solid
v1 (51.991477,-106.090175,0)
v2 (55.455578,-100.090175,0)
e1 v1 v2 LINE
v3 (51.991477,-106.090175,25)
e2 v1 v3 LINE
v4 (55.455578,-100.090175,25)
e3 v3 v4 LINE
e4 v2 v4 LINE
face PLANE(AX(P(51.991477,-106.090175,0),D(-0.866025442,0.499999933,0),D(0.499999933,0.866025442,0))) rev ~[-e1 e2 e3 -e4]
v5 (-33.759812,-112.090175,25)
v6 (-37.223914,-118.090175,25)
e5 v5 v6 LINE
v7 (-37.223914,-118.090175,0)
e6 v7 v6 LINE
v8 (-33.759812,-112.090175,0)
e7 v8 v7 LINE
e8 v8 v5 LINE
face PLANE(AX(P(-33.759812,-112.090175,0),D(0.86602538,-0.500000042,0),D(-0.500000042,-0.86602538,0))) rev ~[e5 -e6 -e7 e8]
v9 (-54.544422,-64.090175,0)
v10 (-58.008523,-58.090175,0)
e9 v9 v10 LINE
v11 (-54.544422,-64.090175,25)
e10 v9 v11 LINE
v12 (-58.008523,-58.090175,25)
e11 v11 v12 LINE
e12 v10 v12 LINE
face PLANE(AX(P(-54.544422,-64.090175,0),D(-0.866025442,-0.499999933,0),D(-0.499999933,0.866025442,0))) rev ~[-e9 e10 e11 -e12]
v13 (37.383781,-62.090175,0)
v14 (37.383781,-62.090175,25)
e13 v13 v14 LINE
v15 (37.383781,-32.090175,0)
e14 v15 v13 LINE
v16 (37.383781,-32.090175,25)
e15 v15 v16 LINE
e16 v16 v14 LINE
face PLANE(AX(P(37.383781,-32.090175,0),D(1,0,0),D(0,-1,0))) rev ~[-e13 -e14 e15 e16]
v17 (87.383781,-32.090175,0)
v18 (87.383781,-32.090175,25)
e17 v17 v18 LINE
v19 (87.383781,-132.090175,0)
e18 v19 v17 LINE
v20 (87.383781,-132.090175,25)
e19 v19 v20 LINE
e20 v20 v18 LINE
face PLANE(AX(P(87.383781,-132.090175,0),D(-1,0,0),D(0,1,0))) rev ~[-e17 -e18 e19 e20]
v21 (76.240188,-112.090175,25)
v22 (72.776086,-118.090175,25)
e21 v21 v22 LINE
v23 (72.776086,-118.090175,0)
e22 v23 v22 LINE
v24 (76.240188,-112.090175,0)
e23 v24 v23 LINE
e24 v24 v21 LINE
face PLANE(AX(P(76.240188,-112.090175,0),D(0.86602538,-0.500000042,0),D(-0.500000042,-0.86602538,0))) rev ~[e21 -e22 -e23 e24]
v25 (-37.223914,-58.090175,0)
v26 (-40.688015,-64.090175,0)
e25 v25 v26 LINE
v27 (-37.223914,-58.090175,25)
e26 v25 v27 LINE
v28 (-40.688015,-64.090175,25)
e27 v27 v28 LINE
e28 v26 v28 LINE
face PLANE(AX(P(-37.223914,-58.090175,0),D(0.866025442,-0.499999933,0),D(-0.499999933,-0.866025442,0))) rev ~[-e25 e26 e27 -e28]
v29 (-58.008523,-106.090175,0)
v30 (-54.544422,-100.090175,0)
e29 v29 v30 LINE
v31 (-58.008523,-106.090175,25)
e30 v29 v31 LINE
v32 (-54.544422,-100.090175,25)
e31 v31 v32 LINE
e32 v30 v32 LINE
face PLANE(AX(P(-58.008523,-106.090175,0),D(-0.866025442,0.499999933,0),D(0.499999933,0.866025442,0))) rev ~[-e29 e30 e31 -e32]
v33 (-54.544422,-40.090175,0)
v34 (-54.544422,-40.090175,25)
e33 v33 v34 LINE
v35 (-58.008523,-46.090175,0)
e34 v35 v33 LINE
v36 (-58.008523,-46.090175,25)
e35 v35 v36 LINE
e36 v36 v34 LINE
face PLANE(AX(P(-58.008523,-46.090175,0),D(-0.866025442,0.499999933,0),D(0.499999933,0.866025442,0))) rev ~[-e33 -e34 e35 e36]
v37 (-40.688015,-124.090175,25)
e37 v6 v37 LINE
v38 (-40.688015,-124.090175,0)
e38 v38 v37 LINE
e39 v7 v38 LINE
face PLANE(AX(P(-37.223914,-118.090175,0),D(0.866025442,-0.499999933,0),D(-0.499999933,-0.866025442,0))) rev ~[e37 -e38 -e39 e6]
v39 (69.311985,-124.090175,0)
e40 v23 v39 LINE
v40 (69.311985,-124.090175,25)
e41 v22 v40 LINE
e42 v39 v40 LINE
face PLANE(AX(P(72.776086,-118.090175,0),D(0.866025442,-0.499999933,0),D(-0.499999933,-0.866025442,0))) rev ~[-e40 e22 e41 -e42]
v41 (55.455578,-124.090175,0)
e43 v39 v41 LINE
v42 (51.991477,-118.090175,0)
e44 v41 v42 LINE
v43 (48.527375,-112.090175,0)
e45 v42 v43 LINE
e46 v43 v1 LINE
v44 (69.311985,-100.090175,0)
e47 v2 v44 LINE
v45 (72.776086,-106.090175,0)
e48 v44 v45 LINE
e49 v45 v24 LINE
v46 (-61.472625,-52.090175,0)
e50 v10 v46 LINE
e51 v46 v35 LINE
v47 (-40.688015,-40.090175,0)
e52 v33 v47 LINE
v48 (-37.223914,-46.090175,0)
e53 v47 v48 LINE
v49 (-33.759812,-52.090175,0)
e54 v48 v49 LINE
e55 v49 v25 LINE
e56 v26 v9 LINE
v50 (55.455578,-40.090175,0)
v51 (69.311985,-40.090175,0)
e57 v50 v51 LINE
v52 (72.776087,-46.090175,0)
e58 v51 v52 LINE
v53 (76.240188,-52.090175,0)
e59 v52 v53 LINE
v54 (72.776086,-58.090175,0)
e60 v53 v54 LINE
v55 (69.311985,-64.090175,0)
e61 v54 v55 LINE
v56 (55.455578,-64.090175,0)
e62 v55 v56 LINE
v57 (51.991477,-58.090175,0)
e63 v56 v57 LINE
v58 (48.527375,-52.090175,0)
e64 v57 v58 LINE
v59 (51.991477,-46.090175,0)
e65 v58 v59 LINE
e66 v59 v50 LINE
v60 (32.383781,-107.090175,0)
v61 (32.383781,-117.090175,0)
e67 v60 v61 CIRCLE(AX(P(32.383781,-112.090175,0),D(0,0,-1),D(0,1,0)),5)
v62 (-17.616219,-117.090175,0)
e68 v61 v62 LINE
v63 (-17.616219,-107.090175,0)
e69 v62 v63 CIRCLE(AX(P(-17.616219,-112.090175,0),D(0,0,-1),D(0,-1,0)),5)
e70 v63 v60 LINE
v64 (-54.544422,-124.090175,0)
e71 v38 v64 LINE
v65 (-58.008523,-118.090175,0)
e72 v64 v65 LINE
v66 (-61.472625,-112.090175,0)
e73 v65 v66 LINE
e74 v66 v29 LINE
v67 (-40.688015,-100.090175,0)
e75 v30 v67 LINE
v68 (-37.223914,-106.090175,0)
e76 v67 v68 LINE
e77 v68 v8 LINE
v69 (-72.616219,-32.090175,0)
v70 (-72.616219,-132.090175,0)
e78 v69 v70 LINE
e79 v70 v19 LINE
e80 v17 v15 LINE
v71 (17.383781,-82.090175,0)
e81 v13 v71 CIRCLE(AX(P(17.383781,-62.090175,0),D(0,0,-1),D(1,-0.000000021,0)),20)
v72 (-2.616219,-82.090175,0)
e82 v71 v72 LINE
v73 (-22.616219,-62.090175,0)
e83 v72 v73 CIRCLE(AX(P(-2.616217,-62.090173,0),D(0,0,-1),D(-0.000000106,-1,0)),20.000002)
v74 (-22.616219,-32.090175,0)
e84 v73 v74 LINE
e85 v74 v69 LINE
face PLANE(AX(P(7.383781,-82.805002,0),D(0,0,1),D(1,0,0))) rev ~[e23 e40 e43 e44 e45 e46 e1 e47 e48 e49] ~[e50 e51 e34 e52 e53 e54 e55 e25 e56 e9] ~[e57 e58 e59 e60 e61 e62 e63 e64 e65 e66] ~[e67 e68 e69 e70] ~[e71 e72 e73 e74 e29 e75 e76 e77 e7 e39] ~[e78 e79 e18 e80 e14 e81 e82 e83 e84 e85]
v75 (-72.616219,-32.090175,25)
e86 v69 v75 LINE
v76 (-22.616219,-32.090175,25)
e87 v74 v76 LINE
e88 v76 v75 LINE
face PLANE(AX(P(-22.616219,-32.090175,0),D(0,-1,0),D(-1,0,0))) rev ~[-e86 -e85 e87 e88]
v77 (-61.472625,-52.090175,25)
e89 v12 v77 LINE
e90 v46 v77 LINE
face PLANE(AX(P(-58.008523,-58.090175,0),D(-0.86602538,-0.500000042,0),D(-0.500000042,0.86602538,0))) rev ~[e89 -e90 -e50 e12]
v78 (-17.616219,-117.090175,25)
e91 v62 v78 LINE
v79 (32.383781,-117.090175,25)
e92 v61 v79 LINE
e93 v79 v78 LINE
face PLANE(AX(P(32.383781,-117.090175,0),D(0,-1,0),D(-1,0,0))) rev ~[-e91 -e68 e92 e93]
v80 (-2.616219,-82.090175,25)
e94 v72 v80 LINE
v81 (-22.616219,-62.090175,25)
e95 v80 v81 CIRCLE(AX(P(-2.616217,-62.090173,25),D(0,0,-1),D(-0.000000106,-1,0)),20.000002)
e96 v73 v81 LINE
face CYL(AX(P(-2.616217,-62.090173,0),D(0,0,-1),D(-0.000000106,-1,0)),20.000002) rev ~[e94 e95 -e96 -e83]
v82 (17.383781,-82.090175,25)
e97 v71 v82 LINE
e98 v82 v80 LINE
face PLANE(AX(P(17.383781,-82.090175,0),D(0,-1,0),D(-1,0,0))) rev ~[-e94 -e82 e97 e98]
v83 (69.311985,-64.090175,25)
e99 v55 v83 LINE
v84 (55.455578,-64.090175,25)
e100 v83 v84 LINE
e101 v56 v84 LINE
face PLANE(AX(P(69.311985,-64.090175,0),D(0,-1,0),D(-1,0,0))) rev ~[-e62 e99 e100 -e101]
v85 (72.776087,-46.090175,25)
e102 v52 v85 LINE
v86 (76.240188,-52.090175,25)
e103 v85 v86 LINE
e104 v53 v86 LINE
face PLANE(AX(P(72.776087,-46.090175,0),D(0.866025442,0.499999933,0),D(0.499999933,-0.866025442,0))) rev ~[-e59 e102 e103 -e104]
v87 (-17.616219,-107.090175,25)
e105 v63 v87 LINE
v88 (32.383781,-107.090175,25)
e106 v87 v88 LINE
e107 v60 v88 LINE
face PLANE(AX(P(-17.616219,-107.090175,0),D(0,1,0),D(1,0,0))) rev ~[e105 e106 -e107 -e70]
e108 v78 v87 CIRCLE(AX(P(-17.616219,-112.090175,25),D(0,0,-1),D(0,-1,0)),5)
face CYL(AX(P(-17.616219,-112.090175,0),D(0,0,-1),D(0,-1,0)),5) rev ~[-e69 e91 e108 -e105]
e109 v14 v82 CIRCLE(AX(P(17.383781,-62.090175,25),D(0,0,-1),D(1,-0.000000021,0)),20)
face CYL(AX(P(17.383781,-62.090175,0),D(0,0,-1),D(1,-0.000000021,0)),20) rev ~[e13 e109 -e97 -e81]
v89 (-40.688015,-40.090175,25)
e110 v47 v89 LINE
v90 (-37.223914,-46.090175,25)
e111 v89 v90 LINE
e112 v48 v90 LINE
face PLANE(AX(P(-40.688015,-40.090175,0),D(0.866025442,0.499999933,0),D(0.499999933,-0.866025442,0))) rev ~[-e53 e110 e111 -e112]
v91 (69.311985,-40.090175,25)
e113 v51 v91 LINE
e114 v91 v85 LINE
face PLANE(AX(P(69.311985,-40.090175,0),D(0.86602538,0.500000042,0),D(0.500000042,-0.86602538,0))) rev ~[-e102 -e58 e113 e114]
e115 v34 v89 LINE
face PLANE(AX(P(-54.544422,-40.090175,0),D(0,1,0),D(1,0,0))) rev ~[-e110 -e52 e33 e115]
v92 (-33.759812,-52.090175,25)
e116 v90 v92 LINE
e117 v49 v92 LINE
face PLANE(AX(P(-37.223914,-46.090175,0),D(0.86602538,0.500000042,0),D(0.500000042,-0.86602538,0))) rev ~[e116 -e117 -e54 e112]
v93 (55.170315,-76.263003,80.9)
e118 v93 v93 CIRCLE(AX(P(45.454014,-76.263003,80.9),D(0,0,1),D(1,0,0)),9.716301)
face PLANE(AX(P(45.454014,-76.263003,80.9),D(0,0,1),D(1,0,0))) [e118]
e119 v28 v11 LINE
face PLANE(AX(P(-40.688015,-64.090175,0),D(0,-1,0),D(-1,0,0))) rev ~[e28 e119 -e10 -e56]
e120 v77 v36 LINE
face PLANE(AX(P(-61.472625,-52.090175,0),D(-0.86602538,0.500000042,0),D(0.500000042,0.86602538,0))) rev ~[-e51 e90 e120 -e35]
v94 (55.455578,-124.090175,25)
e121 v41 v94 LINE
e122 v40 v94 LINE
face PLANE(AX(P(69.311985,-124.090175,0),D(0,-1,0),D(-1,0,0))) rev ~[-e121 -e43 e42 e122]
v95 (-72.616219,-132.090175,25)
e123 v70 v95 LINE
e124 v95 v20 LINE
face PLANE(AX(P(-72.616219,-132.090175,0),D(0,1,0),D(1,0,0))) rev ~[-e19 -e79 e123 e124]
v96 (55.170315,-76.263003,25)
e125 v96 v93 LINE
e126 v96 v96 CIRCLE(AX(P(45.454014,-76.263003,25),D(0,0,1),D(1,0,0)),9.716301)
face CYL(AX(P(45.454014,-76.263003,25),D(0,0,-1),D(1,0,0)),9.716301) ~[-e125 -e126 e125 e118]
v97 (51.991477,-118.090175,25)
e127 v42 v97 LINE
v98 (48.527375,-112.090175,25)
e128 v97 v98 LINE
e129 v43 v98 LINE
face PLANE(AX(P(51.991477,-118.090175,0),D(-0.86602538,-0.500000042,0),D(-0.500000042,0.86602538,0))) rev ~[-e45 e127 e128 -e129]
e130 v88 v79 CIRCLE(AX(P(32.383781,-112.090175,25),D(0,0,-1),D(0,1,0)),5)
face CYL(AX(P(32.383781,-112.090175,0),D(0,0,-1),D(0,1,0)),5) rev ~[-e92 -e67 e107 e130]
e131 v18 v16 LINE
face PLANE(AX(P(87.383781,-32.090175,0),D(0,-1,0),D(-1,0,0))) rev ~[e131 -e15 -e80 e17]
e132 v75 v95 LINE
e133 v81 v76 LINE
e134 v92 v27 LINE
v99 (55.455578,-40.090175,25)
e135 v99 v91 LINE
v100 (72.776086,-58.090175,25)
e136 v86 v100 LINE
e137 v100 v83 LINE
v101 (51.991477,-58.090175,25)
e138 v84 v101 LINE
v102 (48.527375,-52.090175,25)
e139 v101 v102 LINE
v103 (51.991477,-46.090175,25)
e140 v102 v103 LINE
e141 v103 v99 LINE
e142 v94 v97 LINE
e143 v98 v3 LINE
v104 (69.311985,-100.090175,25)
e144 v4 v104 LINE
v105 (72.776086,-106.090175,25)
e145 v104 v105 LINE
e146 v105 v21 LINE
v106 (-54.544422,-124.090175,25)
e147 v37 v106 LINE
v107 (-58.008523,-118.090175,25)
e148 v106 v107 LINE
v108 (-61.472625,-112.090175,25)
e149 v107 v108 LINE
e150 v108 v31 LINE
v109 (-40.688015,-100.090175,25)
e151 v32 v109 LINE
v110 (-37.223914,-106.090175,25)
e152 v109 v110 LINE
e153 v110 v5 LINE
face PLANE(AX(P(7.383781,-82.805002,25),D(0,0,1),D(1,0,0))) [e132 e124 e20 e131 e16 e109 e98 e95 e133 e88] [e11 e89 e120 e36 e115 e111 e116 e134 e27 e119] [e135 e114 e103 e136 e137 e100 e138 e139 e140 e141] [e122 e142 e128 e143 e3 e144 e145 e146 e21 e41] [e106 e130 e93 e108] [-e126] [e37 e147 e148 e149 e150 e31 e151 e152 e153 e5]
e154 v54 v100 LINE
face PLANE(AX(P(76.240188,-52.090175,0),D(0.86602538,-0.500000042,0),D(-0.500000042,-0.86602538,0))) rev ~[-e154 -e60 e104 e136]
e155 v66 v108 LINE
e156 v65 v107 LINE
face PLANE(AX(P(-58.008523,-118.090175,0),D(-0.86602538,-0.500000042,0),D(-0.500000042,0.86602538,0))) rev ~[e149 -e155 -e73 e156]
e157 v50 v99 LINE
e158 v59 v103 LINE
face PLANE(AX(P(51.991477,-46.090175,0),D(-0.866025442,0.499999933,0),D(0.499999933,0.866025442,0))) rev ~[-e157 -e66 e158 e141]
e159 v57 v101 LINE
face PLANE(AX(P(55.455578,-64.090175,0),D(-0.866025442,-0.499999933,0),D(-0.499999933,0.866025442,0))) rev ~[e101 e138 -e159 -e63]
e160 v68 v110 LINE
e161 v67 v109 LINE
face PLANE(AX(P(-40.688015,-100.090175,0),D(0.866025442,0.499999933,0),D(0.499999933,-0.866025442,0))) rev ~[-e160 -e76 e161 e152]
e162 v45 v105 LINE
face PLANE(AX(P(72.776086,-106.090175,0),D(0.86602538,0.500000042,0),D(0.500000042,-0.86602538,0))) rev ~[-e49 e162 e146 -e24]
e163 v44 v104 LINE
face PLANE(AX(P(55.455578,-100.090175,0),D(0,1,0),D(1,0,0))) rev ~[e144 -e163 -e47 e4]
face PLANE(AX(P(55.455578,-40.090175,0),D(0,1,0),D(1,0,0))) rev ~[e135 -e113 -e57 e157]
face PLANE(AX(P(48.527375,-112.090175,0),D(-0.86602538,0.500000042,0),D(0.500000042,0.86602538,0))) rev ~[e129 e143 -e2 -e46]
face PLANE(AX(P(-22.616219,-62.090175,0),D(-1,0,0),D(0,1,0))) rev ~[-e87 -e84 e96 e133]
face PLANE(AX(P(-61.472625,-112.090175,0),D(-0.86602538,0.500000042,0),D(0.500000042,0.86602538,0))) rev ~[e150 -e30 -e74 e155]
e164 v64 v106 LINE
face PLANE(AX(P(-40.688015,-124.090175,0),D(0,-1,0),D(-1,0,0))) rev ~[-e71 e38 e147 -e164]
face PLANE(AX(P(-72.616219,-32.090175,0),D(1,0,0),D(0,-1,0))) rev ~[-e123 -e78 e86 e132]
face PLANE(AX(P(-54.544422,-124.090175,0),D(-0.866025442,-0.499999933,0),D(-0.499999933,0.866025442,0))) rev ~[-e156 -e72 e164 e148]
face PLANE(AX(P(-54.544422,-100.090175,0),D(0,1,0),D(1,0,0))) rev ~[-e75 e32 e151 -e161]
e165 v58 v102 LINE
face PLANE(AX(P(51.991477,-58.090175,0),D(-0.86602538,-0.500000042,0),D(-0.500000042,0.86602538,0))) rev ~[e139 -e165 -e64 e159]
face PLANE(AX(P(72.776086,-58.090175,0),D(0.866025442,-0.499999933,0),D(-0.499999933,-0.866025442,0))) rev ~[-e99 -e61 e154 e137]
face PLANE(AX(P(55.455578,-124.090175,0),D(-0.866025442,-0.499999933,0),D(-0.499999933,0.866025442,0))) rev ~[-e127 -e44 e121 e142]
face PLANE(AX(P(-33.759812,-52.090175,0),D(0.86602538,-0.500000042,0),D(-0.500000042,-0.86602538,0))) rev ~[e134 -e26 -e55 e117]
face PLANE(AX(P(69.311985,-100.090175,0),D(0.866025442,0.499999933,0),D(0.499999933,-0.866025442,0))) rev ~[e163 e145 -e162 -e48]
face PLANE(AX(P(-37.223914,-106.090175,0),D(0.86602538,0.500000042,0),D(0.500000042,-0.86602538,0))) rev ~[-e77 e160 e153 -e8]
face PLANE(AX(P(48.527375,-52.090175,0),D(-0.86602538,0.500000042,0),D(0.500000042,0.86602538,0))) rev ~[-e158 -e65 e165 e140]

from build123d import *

# Parameters (mm, degrees)
F1_DEPTH = 25
F3_R     = 9.716301
F4_DEPTH = 55.9


with BuildPart() as f1:
    # F0 (on Top) → F1 (new body)
    with BuildSketch(Plane.XY):
        with BuildLine():
            Line((-22.616219, -32.090175), (-72.616219, -32.090175))
            Line((-72.616219, -32.090175), (-72.616219, -112.090175))
            Line((-72.616219, -112.090175), (-72.616219, -132.090175))
            Line((-72.616219, -132.090175), (-17.616219, -132.090175))
            Line((-17.616219, -132.090175), (87.383781, -132.090175))
            Line((87.383781, -132.090175), (87.383781, -112.090175))
            Line((87.383781, -112.090175), (87.383781, -52.090175))
            Line((87.383781, -52.090175), (87.383781, -32.090175))
            Line((87.383781, -32.090175), (62.383781, -32.090175))
            Line((62.383781, -32.090175), (37.383781, -32.090175))
            Line((37.383781, -32.090175), (37.383781, -62.090175))
            ThreePointArc((37.383781, -62.090175), (31.525917, -76.23231), (17.383781, -82.090175))
            Line((17.383781, -82.090175), (-2.616219, -82.090175))
            ThreePointArc((-2.616219, -82.090175), (-16.758354, -76.23231), (-22.616219, -62.090175))
            Line((-22.616219, -62.090175), (-22.616219, -32.090175))
        make_face()
        Polygon((-40.688015, -100.090175), (-37.223914, -106.090175), (-33.759812, -112.090175), (-37.223914, -118.090175), (-40.688015, -124.090175), (-47.616219, -124.090175), (-54.544422, -124.090175), (-58.008523, -118.090175), (-61.472625, -112.090175), (-58.008523, -106.090175), (-54.544422, -100.090175), (-47.616219, -100.090175), align=None, mode=Mode.SUBTRACT)
        with BuildLine():
            ThreePointArc((-17.616219, -117.090175), (-22.616219, -112.090175), (-17.616219, -107.090175))
            Line((-17.616219, -107.090175), (32.383781, -107.090175))
            ThreePointArc((32.383781, -107.090175), (37.383781, -112.090175), (32.383781, -117.090175))
            Line((32.383781, -117.090175), (-17.616219, -117.090175))
        make_face(mode=Mode.SUBTRACT)
        Polygon((69.311985, -100.090175), (72.776086, -106.090175), (76.240188, -112.090175), (72.776086, -118.090175), (69.311985, -124.090175), (62.383781, -124.090175), (55.455578, -124.090175), (51.991477, -118.090175), (48.527375, -112.090175), (51.991477, -106.090175), (55.455578, -100.090175), (62.383781, -100.090175), align=None, mode=Mode.SUBTRACT)
        Polygon((-40.688015, -40.090175), (-37.223914, -46.090175), (-33.759812, -52.090175), (-37.223914, -58.090175), (-40.688015, -64.090175), (-47.616219, -64.090175), (-54.544422, -64.090175), (-58.008523, -58.090175), (-61.472625, -52.090175), (-58.008523, -46.090175), (-54.544422, -40.090175), (-47.616219, -40.090175), align=None, mode=Mode.SUBTRACT)
        Polygon((69.311985, -40.090175), (72.776087, -46.090175), (76.240188, -52.090175), (72.776086, -58.090175), (69.311985, -64.090175), (62.383781, -64.090175), (55.455578, -64.090175), (51.991477, -58.090175), (48.527375, -52.090175), (51.991477, -46.090175), (55.455578, -40.090175), (62.383781, -40.090175), align=None, mode=Mode.SUBTRACT)
    extrude(amount=F1_DEPTH)

    # F3 (on face) → F4 (join)
    with BuildSketch(Plane.XY.offset(25)):
        with Locations((45.454014, -76.263003)):
            Circle(F3_R)
    extrude(amount=F4_DEPTH)


solid = f1.part
